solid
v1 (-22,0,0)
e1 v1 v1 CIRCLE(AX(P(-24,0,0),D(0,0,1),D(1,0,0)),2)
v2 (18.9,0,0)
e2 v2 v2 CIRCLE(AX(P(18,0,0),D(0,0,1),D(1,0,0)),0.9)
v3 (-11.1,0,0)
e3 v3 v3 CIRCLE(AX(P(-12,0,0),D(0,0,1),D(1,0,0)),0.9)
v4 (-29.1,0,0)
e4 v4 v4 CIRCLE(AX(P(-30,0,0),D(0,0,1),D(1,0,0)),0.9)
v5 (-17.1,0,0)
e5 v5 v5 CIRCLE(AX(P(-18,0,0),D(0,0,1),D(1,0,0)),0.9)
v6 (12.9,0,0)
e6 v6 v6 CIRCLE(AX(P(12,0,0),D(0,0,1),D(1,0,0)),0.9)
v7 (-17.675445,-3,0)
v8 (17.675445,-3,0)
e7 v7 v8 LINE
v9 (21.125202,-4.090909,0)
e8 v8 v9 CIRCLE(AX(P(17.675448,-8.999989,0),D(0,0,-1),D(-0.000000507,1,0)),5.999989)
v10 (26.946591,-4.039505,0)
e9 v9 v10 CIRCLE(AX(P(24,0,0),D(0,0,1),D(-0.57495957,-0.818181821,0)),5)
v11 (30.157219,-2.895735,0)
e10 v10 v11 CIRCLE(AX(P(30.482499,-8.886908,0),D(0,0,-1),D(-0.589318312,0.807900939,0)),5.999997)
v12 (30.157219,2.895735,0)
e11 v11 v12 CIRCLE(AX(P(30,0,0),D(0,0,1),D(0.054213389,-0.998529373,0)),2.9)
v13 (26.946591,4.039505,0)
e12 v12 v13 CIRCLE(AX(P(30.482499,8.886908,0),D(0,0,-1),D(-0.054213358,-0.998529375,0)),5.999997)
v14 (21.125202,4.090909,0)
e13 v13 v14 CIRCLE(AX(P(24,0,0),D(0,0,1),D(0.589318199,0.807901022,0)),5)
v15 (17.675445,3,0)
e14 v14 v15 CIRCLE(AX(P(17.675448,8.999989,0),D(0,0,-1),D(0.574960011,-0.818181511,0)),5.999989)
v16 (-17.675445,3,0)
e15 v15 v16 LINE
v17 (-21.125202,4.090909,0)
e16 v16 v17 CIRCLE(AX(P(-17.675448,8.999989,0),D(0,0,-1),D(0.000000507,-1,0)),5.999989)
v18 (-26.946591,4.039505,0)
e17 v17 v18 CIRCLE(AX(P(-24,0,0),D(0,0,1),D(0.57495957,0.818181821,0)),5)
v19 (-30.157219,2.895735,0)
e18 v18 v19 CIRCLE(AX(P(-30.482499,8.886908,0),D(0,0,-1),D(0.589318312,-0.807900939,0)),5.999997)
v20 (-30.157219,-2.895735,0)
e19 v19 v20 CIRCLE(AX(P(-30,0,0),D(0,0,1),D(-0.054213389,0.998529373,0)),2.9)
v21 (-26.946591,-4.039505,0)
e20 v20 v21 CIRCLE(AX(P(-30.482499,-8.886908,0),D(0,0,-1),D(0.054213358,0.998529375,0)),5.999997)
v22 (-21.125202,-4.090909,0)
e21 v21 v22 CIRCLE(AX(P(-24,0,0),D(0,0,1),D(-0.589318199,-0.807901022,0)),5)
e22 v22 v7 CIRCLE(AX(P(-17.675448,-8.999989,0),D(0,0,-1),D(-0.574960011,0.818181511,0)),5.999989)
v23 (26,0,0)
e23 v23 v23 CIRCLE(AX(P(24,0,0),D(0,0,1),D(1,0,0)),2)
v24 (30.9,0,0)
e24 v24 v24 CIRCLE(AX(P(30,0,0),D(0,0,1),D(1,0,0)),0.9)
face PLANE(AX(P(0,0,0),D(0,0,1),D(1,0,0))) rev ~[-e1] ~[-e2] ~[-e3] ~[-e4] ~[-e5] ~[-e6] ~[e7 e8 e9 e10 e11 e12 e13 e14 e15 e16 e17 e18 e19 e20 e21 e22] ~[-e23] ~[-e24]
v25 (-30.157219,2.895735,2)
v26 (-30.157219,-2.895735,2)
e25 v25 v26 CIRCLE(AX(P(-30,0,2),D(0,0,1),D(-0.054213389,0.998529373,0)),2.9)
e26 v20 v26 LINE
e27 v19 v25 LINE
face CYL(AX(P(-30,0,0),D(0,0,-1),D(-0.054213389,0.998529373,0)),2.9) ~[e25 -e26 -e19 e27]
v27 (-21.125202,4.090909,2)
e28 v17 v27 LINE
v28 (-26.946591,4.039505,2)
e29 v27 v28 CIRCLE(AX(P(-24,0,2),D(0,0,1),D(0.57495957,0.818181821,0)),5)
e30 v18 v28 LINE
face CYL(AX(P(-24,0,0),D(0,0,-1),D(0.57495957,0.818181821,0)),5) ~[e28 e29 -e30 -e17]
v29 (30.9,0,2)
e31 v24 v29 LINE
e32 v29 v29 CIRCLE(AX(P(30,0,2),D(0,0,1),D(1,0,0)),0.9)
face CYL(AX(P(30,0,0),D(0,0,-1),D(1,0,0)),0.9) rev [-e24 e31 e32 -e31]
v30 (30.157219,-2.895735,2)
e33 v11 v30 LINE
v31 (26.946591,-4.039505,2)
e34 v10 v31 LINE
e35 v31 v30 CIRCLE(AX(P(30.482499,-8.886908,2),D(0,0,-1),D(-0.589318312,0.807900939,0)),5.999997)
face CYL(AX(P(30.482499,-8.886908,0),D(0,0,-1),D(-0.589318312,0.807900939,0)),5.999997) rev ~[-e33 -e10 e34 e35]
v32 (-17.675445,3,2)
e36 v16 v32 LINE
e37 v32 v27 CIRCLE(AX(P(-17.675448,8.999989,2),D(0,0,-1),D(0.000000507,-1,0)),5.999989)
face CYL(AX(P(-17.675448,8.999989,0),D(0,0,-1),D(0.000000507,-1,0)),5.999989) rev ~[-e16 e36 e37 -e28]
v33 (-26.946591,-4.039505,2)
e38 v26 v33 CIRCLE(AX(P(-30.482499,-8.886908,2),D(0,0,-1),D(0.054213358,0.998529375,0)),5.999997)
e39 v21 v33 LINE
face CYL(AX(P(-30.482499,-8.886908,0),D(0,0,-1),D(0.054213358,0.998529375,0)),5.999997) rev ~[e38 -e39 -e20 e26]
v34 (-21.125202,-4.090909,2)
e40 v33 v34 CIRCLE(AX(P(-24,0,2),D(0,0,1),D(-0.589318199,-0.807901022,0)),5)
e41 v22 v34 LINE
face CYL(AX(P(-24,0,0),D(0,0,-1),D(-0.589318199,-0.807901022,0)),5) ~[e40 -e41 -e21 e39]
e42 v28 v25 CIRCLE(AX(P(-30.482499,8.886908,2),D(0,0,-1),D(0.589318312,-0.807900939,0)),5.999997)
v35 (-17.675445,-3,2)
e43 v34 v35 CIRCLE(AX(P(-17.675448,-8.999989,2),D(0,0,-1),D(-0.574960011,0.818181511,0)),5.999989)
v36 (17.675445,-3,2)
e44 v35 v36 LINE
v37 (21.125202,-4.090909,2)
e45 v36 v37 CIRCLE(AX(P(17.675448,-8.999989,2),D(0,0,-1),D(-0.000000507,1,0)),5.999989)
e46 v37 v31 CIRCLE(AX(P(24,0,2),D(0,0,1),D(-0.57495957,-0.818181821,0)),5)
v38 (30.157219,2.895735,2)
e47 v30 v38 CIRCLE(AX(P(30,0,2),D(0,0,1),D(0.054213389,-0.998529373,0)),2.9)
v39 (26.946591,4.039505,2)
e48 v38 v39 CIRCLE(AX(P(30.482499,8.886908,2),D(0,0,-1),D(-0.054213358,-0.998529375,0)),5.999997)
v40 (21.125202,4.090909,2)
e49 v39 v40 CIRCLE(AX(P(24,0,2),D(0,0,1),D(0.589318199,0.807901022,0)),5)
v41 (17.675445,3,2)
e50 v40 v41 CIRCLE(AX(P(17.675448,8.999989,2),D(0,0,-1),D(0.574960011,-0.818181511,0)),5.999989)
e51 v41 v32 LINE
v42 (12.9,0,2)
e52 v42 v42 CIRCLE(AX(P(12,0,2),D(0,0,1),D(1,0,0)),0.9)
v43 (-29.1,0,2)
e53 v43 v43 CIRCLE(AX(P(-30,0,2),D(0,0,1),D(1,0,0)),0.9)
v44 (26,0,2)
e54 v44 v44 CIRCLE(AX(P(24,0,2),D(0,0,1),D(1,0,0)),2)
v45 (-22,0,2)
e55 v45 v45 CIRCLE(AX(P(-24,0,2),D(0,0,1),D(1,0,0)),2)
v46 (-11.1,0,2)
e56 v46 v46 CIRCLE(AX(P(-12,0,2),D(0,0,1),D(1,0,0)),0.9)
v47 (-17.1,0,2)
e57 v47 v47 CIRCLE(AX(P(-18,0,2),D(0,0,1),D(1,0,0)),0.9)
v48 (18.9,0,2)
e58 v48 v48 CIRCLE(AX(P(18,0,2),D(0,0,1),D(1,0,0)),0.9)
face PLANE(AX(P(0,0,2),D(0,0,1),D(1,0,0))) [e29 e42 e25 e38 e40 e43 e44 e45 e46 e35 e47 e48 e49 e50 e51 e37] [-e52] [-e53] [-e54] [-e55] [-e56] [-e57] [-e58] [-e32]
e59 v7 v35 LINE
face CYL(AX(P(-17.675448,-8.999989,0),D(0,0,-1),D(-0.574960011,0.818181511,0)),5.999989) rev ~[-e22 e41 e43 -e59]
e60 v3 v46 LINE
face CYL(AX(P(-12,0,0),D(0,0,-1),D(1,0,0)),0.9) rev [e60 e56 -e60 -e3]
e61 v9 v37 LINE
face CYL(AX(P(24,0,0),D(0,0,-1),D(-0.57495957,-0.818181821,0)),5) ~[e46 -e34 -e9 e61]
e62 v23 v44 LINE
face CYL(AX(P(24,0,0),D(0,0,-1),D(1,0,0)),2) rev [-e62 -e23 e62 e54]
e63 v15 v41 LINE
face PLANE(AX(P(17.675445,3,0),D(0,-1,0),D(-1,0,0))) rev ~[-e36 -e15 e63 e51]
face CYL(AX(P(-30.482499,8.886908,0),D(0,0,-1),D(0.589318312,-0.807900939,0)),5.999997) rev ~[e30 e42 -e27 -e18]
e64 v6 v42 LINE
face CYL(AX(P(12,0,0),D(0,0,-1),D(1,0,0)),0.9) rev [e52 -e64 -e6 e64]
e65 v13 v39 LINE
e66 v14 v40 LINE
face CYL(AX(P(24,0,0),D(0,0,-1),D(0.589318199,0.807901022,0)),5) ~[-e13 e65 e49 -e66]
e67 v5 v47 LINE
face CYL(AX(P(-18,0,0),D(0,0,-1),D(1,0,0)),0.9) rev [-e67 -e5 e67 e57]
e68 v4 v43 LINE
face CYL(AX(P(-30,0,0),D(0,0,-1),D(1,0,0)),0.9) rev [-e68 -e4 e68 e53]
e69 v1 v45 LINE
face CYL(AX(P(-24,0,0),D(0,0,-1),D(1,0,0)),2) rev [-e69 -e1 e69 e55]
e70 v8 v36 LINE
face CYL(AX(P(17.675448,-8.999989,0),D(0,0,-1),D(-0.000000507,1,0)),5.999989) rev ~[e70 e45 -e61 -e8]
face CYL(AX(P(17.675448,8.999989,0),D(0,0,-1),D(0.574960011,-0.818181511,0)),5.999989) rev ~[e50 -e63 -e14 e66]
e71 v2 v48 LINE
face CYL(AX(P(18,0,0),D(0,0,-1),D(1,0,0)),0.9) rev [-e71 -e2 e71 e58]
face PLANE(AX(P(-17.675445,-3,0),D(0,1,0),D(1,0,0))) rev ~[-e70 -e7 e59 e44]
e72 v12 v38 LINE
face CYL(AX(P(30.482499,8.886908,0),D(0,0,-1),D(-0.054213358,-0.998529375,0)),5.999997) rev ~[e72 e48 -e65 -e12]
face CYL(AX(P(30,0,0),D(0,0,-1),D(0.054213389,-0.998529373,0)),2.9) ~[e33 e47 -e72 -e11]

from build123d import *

# Parameters (mm, degrees)
F0_R     = 0.9
F0_R_2   = 2
F1_DEPTH = 2


with BuildPart() as f1:
    # F0 (on Top) → F1 (new body)
    with BuildSketch(Plane.XY):
        with BuildLine():
            Line((17.675445, 3), (0, 3))
            Line((0, 3), (-17.675445, 3))
            ThreePointArc((-17.675445, 3), (-19.484513, 3.279224), (-21.125202, 4.090909))
            ThreePointArc((-21.125202, 4.090909), (-24.044149, 4.999805), (-26.946591, 4.039505))
            ThreePointArc((-26.946591, 4.039505), (-28.468983, 3.234854), (-30.157219, 2.895735))
            ThreePointArc((-30.157219, 2.895735), (-32.9, 0), (-30.157219, -2.895735))
            ThreePointArc((-30.157219, -2.895735), (-28.468983, -3.234854), (-26.946591, -4.039505))
            ThreePointArc((-26.946591, -4.039505), (-24.044149, -4.999805), (-21.125202, -4.090909))
            ThreePointArc((-21.125202, -4.090909), (-19.484513, -3.279224), (-17.675445, -3))
            Line((-17.675445, -3), (0, -3))
            Line((0, -3), (17.675445, -3))
            ThreePointArc((17.675445, -3), (19.484513, -3.279224), (21.125202, -4.090909))
            ThreePointArc((21.125202, -4.090909), (24.044149, -4.999805), (26.946591, -4.039505))
            ThreePointArc((26.946591, -4.039505), (28.468983, -3.234854), (30.157219, -2.895735))
            ThreePointArc((30.157219, -2.895735), (32.9, 0), (30.157219, 2.895735))
            ThreePointArc((30.157219, 2.895735), (28.468983, 3.234854), (26.946591, 4.039505))
            ThreePointArc((26.946591, 4.039505), (24.044149, 4.999805), (21.125202, 4.090909))
            ThreePointArc((21.125202, 4.090909), (19.484513, 3.279224), (17.675445, 3))
        make_face()
        with Locations((-30, 0)):
            Circle(F0_R, mode=Mode.SUBTRACT)
        with Locations((-24, 0)):
            Circle(F0_R_2, mode=Mode.SUBTRACT)
        with Locations((-18, 0)):
            Circle(F0_R, mode=Mode.SUBTRACT)
        with Locations((-12, 0)):
            Circle(F0_R, mode=Mode.SUBTRACT)
        with Locations((12, 0)):
            Circle(F0_R, mode=Mode.SUBTRACT)
        with Locations((18, 0)):
            Circle(F0_R, mode=Mode.SUBTRACT)
        with Locations((24, 0)):
            Circle(F0_R_2, mode=Mode.SUBTRACT)
        with Locations((30, 0)):
            Circle(F0_R, mode=Mode.SUBTRACT)
    extrude(amount=F1_DEPTH)


solid = f1.part
